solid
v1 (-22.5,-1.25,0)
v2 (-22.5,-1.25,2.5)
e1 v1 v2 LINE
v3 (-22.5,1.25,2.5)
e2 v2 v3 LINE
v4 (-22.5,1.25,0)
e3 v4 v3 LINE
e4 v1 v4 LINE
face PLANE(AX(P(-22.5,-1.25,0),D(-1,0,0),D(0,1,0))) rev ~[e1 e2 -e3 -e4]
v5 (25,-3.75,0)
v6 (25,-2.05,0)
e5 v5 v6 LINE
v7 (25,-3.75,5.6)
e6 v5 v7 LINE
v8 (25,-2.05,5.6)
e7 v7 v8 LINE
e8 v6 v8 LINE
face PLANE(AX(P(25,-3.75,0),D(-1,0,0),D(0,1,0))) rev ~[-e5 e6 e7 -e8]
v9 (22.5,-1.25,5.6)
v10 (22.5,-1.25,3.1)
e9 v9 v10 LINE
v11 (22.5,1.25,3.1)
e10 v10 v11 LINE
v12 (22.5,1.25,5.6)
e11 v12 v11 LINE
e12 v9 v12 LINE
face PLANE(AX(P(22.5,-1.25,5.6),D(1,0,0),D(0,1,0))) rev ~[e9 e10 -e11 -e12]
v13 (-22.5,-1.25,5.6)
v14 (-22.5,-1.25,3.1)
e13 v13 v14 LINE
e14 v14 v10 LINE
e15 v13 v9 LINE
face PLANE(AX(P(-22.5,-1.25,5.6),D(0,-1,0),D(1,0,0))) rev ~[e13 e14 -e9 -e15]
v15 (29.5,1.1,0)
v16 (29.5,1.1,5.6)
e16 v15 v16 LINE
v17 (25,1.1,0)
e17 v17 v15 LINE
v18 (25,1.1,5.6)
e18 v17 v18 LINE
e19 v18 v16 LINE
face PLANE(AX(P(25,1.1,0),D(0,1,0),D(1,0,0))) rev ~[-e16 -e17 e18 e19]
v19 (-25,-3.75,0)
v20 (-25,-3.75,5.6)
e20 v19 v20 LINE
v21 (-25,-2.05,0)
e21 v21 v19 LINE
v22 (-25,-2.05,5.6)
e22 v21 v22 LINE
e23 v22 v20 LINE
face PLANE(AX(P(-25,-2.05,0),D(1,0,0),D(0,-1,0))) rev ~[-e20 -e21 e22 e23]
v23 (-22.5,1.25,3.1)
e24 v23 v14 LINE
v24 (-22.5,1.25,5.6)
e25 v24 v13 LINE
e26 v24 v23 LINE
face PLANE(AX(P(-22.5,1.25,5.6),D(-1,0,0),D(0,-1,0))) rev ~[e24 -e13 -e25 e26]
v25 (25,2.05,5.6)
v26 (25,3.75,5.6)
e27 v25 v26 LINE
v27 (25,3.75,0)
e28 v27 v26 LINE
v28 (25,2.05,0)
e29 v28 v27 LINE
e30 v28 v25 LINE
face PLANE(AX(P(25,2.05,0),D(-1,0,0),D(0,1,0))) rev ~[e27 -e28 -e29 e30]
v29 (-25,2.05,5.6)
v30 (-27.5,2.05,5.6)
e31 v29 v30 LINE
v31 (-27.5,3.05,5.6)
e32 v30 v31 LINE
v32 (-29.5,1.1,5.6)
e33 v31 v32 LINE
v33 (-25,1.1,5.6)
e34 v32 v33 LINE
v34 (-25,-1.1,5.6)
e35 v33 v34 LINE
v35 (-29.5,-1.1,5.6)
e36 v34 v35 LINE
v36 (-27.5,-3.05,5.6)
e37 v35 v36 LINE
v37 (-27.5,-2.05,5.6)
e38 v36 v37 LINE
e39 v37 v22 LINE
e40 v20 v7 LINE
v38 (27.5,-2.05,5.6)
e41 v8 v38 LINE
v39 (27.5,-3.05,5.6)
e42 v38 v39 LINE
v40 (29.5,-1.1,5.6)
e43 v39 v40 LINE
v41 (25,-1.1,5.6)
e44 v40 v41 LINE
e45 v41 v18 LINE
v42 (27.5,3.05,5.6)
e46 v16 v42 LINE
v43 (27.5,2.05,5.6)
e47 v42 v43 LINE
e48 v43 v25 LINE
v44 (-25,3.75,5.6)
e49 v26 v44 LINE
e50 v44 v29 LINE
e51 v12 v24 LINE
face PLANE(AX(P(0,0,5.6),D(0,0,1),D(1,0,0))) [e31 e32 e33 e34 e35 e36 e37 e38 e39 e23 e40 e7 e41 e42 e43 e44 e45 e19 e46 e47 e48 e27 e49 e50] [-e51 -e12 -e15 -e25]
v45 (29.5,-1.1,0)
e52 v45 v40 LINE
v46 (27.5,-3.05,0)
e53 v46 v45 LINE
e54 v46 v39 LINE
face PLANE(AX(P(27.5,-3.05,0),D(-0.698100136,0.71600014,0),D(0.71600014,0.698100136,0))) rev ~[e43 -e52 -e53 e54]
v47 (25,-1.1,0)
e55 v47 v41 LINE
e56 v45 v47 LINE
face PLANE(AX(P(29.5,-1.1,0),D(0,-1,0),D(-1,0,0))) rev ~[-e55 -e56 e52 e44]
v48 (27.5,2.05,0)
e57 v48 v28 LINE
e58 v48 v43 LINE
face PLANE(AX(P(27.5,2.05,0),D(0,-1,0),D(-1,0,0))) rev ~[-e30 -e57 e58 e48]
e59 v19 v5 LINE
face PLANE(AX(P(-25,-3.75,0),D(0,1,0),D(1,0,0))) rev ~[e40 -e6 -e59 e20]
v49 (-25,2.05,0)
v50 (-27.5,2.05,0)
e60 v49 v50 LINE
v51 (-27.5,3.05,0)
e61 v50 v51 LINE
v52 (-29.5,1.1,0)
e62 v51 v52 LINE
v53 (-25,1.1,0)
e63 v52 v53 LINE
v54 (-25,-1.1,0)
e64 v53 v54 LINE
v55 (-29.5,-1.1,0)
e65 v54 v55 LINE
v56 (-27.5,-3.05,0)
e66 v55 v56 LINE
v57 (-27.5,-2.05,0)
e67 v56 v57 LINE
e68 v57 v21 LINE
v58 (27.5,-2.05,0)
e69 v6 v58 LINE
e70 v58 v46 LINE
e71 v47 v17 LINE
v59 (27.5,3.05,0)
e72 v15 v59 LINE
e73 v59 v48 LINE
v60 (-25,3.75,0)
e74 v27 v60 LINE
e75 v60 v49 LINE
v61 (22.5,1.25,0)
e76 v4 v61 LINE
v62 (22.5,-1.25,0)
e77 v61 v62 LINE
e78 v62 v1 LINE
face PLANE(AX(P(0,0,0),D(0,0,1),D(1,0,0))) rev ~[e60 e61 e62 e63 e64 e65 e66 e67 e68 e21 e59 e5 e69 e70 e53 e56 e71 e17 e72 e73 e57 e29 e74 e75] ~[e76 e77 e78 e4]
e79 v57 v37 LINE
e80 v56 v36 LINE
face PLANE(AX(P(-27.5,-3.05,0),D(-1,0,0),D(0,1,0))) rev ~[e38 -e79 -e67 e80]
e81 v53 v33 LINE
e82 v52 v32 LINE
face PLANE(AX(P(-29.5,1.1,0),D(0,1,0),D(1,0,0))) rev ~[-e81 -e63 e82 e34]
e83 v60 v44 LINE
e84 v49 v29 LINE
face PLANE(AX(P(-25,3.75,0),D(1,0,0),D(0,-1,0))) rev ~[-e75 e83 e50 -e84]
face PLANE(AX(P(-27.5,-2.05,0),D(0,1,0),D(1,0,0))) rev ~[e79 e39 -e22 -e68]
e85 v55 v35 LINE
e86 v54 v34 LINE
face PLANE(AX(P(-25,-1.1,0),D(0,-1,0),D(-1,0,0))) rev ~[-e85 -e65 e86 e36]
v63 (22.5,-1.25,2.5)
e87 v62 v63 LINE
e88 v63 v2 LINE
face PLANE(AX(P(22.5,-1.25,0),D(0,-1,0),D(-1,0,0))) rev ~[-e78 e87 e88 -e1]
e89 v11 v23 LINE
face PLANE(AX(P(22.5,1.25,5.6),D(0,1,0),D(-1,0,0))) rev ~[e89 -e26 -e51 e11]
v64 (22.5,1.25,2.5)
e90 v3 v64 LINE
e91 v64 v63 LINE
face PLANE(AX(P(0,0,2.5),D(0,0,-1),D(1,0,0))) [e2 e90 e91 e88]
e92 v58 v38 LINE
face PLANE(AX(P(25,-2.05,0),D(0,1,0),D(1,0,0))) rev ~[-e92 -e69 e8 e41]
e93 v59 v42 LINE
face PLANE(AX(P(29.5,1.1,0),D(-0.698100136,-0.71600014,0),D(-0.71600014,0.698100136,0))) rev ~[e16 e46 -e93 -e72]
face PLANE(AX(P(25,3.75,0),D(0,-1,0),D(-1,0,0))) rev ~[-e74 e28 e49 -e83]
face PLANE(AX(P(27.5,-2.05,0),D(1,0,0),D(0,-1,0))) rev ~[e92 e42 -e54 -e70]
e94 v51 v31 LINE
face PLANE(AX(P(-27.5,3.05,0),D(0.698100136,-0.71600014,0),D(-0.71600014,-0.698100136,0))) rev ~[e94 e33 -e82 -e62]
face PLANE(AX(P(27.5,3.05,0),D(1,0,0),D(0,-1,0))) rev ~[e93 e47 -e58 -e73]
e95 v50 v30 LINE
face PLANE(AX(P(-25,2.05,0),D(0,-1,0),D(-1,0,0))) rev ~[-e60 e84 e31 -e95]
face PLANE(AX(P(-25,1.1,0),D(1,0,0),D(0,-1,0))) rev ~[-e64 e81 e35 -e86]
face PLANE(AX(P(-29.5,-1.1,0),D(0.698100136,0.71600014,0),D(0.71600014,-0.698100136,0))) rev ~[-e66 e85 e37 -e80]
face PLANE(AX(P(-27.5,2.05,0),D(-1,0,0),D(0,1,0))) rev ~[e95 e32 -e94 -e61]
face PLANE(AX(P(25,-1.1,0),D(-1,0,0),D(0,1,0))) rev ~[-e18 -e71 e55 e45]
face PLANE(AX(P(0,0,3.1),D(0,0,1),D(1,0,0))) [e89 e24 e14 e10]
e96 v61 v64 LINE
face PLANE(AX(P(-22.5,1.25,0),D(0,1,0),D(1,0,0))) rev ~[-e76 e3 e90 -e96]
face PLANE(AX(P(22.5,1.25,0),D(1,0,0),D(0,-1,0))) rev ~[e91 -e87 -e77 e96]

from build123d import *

# Parameters (mm, degrees)
F1_DEPTH = 5.6
F3_DEPTH = 2.5
F5_DEPTH = 2.5


with BuildPart() as f1:
    # F0 (on Top) → F1 (new body)
    with BuildSketch(Plane.XY):
        Polygon((25, 3.75), (0, 3.75), (-25, 3.75), (-25, 2.05), (-27.5, 2.05), (-27.5, 3.05), (-29.5, 1.1), (-25, 1.1), (-25, -1.1), (-29.5, -1.1), (-27.5, -3.05), (-27.5, -2.05), (-25, -2.05), (-25, -3.75), (0, -3.75), (25, -3.75), (25, -2.05), (27.5, -2.05), (27.5, -3.05), (29.5, -1.1), (25, -1.1), (25, 1.1), (29.5, 1.1), (27.5, 3.05), (27.5, 2.05), (25, 2.05), align=None)
    extrude(amount=F1_DEPTH)

    # F2 (on face) → F3 (cut)
    with BuildSketch(Plane.XY.offset(5.6)):
        Polygon((22.5, -1.25), (22.5, 1), (22.5, 1.25), (-22.5, 1.25), (-22.5, -1), (-22.5, -1.25), align=None)
    extrude(amount=-F3_DEPTH, mode=Mode.SUBTRACT)

    # F4 (on face) → F5 (cut)
    with BuildSketch(Plane(origin=(0, 0, 0), x_dir=(1, 0, 0), z_dir=(0, 0, -1))):
        Polygon((-22.5, 1.25), (-22.5, 0.4), (-22.5, -1.25), (22.5, -1.25), (22.5, -0.4), (22.5, 1.25), align=None)
    extrude(amount=-F5_DEPTH, mode=Mode.SUBTRACT)


solid = f1.part
